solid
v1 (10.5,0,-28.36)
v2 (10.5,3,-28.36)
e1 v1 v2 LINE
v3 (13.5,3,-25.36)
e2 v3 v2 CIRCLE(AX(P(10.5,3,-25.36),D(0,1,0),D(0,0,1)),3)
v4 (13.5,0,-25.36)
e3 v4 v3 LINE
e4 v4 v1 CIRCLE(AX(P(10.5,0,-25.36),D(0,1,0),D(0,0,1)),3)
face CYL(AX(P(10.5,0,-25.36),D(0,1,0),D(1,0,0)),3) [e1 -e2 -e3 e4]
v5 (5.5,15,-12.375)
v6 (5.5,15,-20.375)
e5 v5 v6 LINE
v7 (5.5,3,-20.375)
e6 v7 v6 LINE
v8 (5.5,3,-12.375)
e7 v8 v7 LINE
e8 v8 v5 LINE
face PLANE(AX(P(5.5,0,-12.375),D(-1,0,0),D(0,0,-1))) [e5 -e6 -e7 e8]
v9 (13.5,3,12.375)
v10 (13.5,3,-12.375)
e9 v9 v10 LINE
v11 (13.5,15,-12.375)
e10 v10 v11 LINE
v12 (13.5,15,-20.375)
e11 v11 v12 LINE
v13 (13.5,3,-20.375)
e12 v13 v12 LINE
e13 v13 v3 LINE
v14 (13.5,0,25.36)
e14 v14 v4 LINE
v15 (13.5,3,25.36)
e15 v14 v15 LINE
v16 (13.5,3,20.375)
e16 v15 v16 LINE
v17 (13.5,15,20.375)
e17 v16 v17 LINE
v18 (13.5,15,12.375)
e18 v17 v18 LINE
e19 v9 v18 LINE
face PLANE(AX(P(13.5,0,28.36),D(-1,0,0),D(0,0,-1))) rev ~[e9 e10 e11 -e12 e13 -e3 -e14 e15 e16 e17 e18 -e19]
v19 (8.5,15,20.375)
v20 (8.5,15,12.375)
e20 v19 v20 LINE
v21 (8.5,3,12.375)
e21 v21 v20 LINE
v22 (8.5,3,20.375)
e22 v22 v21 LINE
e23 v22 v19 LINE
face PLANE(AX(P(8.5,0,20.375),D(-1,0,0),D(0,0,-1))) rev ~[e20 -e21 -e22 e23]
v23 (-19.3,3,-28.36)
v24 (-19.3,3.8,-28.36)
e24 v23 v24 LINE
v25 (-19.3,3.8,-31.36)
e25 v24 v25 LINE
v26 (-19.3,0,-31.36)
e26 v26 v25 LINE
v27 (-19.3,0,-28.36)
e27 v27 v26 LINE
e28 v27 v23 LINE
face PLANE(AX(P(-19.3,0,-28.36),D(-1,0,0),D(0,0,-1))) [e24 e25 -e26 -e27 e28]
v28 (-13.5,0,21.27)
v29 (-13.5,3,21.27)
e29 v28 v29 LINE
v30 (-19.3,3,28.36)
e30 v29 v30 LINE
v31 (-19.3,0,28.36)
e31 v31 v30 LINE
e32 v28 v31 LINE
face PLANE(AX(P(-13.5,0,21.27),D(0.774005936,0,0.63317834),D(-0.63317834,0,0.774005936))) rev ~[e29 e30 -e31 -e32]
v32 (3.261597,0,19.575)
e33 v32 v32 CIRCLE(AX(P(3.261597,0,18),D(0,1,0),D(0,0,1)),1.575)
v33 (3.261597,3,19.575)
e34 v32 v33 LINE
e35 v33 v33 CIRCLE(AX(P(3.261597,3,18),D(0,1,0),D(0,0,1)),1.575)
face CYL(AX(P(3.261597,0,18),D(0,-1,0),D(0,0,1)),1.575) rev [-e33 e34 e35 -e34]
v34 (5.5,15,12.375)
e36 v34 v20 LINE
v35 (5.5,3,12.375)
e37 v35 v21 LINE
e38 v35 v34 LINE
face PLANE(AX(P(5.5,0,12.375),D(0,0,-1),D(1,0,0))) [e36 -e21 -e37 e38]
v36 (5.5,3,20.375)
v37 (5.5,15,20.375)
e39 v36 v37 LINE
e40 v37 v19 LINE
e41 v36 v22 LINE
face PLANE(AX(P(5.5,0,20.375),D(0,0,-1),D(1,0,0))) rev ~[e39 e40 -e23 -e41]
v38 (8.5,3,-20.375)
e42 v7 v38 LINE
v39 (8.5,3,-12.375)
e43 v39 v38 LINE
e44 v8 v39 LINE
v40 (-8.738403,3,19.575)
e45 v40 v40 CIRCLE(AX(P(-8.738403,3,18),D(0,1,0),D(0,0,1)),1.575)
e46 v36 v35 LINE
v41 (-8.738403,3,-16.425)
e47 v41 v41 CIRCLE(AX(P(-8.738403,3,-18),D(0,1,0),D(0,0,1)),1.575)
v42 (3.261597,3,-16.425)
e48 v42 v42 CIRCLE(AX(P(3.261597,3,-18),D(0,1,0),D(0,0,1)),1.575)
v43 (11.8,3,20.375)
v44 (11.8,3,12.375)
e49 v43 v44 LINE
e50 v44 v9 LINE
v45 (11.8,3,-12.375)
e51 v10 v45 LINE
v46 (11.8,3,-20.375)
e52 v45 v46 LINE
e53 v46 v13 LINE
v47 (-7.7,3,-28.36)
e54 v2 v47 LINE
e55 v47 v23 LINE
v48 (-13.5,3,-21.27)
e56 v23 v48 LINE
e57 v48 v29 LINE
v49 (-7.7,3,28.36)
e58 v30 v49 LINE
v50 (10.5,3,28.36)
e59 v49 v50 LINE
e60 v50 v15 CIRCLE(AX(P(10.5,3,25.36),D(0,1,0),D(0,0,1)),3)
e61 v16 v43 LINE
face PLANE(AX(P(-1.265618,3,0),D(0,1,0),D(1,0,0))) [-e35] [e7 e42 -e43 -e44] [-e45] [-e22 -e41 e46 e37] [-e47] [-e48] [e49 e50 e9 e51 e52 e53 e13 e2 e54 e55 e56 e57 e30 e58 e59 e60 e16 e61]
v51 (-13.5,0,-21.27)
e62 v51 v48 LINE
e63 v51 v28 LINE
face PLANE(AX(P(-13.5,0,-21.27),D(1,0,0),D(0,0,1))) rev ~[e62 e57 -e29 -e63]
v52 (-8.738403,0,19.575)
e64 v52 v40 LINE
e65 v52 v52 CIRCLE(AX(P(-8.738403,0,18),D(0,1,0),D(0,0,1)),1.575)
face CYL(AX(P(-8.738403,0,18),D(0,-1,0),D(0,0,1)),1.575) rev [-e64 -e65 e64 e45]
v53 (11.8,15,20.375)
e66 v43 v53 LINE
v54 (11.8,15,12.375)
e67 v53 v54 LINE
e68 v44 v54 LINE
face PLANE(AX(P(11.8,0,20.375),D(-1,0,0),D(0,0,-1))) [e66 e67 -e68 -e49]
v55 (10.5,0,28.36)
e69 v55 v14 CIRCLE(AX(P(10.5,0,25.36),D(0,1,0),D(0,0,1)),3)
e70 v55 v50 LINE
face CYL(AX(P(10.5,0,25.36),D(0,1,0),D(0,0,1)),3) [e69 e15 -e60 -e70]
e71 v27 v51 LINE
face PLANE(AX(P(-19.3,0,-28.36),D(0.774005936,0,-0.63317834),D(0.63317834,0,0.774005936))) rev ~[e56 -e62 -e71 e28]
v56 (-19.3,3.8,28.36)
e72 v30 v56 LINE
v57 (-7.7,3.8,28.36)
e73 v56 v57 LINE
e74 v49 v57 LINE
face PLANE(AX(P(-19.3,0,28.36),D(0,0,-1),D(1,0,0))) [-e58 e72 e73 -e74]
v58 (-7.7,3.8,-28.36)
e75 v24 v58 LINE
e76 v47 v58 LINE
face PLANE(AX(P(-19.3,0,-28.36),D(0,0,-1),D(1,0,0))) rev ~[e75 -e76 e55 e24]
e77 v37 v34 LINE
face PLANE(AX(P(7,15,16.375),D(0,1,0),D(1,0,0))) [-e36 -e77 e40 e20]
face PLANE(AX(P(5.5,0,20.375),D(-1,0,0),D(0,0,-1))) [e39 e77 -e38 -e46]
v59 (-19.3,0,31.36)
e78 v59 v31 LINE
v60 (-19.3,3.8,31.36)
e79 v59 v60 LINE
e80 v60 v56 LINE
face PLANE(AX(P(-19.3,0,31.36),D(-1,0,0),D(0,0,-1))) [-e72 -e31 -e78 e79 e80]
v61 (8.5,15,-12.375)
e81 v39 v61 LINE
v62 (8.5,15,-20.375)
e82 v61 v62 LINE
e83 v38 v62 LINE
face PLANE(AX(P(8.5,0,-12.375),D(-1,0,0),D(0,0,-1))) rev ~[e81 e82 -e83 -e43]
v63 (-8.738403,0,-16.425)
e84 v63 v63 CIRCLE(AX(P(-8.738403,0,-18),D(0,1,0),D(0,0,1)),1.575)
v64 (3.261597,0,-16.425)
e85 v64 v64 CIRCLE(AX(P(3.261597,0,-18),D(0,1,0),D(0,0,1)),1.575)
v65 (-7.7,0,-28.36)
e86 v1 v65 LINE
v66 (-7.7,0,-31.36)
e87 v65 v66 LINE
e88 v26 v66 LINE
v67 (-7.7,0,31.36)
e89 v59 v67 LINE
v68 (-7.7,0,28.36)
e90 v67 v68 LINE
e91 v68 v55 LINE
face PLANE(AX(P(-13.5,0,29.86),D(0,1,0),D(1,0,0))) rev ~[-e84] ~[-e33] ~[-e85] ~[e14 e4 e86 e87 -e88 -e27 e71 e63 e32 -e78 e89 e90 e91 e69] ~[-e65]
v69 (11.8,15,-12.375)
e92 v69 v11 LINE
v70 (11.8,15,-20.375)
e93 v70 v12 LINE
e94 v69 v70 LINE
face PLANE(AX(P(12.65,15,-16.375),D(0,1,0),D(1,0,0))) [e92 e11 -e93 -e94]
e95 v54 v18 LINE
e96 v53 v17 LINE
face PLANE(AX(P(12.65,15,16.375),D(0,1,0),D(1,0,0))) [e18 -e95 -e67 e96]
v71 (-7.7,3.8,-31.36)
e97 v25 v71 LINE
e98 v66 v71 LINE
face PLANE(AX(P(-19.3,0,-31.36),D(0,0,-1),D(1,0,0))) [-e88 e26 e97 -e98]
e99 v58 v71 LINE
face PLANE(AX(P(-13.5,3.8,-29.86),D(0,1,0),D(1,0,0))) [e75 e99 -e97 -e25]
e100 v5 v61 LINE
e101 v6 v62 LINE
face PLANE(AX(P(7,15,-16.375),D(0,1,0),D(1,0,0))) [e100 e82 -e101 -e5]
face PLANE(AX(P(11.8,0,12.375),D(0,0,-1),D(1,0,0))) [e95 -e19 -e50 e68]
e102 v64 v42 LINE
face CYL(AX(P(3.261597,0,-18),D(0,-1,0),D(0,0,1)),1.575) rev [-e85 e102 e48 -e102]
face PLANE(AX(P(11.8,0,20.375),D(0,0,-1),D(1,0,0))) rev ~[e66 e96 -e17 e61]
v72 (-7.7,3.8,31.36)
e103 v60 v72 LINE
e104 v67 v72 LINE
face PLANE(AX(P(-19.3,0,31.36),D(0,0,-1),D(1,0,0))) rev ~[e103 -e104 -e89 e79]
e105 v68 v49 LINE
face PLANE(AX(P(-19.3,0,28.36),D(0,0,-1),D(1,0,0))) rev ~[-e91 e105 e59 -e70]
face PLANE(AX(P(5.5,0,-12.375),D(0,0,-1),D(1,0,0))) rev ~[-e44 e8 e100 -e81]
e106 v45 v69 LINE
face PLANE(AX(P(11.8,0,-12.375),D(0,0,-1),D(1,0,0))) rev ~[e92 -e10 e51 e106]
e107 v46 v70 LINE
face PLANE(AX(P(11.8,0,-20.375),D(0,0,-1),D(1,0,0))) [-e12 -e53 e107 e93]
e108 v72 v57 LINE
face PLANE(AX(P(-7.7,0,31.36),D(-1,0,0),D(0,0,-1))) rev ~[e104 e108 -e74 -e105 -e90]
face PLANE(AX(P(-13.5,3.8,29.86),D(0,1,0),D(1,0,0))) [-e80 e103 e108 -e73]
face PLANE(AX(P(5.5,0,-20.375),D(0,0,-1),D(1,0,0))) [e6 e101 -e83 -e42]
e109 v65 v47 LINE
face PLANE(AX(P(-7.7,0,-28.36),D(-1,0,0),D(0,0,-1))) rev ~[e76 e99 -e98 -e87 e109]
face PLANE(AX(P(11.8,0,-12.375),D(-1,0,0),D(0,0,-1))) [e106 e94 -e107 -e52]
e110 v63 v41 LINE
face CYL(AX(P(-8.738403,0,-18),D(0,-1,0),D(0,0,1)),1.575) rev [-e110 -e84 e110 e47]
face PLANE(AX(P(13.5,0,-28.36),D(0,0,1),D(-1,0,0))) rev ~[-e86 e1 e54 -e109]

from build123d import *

# Parameters (mm, degrees)
SKETCH1_R           = 1.575
SKETCH1_W           = 3
SKETCH1_H           = 8
BOSS_EXTRUDE1_DEPTH = 3
SKETCH1_3_W         = 3
SKETCH1_3_H         = 8
SKETCH1_3_W_2       = 1.7
BOSS_EXTRUDE2_DEPTH = 15
SKETCH1_4_W         = 11.6
SKETCH1_4_H         = 3
BOSS_EXTRUDE3_DEPTH = 3.8
FILLET1_R           = 3


with BuildPart() as part:
    # Sketch1 → Boss-Extrude1 (new body)
    with BuildSketch(Plane(origin=(0, 0, 0), x_dir=(1, 0, 0), z_dir=(0, 1, 0))):
        Polygon((-13.5, -21.27), (-19.3, -28.36), (13.5, -28.36), (13.5, -20.375), (11.8, -20.375), (11.8, -12.375), (13.5, -12.375), (13.5, 12.375), (11.8, 12.375), (11.8, 20.375), (13.5, 20.375), (13.5, 28.36), (-19.3, 28.36), (-13.5, 21.27), align=None)
        with Locations((-8.738402562, -18)):
            Circle(SKETCH1_R, mode=Mode.SUBTRACT)
        with Locations((3.261597438, -18)):
            Circle(SKETCH1_R, mode=Mode.SUBTRACT)
        with Locations((7, -16.375)):
            Rectangle(SKETCH1_W, SKETCH1_H, mode=Mode.SUBTRACT)
        with Locations((7, 16.375)):
            Rectangle(SKETCH1_W, SKETCH1_H, mode=Mode.SUBTRACT)
        with Locations((-8.738402562, 18)):
            Circle(SKETCH1_R, mode=Mode.SUBTRACT)
        with Locations((3.261597438, 18)):
            Circle(SKETCH1_R, mode=Mode.SUBTRACT)
    extrude(amount=BOSS_EXTRUDE1_DEPTH)

    # Sketch1<3> → Boss-Extrude2 (add)
    with BuildSketch(Plane(origin=(0, 0, 0), x_dir=(1, 0, 0), z_dir=(0, 1, 0))):
        with Locations((7, -16.375)):
            Rectangle(SKETCH1_3_W, SKETCH1_3_H)
        with Locations((12.65, -16.375)):
            Rectangle(SKETCH1_3_W_2, SKETCH1_3_H)
        with Locations((12.65, 16.375)):
            Rectangle(SKETCH1_3_W_2, SKETCH1_3_H)
        with Locations((7, 16.375)):
            Rectangle(SKETCH1_3_W, SKETCH1_3_H)
    extrude(amount=BOSS_EXTRUDE2_DEPTH)

    # Sketch1<4> → Boss-Extrude3 (add)
    with BuildSketch(Plane(origin=(0, 0, 0), x_dir=(1, 0, 0), z_dir=(0, 1, 0))):
        with Locations((-13.5, -29.86)):
            Rectangle(SKETCH1_4_W, SKETCH1_4_H)
        with Locations((-13.5, 29.86)):
            Rectangle(SKETCH1_4_W, SKETCH1_4_H)
    extrude(amount=BOSS_EXTRUDE3_DEPTH)

    # Fillet1
    fillet1_edges = [part.edges().sort_by_distance(p)[0] for p in [
        (13.5, 1.5, -28.36),
        (13.5, 1.5, 28.36),
    ]]
    fillet(fillet1_edges, radius=FILLET1_R)


solid = part.part
